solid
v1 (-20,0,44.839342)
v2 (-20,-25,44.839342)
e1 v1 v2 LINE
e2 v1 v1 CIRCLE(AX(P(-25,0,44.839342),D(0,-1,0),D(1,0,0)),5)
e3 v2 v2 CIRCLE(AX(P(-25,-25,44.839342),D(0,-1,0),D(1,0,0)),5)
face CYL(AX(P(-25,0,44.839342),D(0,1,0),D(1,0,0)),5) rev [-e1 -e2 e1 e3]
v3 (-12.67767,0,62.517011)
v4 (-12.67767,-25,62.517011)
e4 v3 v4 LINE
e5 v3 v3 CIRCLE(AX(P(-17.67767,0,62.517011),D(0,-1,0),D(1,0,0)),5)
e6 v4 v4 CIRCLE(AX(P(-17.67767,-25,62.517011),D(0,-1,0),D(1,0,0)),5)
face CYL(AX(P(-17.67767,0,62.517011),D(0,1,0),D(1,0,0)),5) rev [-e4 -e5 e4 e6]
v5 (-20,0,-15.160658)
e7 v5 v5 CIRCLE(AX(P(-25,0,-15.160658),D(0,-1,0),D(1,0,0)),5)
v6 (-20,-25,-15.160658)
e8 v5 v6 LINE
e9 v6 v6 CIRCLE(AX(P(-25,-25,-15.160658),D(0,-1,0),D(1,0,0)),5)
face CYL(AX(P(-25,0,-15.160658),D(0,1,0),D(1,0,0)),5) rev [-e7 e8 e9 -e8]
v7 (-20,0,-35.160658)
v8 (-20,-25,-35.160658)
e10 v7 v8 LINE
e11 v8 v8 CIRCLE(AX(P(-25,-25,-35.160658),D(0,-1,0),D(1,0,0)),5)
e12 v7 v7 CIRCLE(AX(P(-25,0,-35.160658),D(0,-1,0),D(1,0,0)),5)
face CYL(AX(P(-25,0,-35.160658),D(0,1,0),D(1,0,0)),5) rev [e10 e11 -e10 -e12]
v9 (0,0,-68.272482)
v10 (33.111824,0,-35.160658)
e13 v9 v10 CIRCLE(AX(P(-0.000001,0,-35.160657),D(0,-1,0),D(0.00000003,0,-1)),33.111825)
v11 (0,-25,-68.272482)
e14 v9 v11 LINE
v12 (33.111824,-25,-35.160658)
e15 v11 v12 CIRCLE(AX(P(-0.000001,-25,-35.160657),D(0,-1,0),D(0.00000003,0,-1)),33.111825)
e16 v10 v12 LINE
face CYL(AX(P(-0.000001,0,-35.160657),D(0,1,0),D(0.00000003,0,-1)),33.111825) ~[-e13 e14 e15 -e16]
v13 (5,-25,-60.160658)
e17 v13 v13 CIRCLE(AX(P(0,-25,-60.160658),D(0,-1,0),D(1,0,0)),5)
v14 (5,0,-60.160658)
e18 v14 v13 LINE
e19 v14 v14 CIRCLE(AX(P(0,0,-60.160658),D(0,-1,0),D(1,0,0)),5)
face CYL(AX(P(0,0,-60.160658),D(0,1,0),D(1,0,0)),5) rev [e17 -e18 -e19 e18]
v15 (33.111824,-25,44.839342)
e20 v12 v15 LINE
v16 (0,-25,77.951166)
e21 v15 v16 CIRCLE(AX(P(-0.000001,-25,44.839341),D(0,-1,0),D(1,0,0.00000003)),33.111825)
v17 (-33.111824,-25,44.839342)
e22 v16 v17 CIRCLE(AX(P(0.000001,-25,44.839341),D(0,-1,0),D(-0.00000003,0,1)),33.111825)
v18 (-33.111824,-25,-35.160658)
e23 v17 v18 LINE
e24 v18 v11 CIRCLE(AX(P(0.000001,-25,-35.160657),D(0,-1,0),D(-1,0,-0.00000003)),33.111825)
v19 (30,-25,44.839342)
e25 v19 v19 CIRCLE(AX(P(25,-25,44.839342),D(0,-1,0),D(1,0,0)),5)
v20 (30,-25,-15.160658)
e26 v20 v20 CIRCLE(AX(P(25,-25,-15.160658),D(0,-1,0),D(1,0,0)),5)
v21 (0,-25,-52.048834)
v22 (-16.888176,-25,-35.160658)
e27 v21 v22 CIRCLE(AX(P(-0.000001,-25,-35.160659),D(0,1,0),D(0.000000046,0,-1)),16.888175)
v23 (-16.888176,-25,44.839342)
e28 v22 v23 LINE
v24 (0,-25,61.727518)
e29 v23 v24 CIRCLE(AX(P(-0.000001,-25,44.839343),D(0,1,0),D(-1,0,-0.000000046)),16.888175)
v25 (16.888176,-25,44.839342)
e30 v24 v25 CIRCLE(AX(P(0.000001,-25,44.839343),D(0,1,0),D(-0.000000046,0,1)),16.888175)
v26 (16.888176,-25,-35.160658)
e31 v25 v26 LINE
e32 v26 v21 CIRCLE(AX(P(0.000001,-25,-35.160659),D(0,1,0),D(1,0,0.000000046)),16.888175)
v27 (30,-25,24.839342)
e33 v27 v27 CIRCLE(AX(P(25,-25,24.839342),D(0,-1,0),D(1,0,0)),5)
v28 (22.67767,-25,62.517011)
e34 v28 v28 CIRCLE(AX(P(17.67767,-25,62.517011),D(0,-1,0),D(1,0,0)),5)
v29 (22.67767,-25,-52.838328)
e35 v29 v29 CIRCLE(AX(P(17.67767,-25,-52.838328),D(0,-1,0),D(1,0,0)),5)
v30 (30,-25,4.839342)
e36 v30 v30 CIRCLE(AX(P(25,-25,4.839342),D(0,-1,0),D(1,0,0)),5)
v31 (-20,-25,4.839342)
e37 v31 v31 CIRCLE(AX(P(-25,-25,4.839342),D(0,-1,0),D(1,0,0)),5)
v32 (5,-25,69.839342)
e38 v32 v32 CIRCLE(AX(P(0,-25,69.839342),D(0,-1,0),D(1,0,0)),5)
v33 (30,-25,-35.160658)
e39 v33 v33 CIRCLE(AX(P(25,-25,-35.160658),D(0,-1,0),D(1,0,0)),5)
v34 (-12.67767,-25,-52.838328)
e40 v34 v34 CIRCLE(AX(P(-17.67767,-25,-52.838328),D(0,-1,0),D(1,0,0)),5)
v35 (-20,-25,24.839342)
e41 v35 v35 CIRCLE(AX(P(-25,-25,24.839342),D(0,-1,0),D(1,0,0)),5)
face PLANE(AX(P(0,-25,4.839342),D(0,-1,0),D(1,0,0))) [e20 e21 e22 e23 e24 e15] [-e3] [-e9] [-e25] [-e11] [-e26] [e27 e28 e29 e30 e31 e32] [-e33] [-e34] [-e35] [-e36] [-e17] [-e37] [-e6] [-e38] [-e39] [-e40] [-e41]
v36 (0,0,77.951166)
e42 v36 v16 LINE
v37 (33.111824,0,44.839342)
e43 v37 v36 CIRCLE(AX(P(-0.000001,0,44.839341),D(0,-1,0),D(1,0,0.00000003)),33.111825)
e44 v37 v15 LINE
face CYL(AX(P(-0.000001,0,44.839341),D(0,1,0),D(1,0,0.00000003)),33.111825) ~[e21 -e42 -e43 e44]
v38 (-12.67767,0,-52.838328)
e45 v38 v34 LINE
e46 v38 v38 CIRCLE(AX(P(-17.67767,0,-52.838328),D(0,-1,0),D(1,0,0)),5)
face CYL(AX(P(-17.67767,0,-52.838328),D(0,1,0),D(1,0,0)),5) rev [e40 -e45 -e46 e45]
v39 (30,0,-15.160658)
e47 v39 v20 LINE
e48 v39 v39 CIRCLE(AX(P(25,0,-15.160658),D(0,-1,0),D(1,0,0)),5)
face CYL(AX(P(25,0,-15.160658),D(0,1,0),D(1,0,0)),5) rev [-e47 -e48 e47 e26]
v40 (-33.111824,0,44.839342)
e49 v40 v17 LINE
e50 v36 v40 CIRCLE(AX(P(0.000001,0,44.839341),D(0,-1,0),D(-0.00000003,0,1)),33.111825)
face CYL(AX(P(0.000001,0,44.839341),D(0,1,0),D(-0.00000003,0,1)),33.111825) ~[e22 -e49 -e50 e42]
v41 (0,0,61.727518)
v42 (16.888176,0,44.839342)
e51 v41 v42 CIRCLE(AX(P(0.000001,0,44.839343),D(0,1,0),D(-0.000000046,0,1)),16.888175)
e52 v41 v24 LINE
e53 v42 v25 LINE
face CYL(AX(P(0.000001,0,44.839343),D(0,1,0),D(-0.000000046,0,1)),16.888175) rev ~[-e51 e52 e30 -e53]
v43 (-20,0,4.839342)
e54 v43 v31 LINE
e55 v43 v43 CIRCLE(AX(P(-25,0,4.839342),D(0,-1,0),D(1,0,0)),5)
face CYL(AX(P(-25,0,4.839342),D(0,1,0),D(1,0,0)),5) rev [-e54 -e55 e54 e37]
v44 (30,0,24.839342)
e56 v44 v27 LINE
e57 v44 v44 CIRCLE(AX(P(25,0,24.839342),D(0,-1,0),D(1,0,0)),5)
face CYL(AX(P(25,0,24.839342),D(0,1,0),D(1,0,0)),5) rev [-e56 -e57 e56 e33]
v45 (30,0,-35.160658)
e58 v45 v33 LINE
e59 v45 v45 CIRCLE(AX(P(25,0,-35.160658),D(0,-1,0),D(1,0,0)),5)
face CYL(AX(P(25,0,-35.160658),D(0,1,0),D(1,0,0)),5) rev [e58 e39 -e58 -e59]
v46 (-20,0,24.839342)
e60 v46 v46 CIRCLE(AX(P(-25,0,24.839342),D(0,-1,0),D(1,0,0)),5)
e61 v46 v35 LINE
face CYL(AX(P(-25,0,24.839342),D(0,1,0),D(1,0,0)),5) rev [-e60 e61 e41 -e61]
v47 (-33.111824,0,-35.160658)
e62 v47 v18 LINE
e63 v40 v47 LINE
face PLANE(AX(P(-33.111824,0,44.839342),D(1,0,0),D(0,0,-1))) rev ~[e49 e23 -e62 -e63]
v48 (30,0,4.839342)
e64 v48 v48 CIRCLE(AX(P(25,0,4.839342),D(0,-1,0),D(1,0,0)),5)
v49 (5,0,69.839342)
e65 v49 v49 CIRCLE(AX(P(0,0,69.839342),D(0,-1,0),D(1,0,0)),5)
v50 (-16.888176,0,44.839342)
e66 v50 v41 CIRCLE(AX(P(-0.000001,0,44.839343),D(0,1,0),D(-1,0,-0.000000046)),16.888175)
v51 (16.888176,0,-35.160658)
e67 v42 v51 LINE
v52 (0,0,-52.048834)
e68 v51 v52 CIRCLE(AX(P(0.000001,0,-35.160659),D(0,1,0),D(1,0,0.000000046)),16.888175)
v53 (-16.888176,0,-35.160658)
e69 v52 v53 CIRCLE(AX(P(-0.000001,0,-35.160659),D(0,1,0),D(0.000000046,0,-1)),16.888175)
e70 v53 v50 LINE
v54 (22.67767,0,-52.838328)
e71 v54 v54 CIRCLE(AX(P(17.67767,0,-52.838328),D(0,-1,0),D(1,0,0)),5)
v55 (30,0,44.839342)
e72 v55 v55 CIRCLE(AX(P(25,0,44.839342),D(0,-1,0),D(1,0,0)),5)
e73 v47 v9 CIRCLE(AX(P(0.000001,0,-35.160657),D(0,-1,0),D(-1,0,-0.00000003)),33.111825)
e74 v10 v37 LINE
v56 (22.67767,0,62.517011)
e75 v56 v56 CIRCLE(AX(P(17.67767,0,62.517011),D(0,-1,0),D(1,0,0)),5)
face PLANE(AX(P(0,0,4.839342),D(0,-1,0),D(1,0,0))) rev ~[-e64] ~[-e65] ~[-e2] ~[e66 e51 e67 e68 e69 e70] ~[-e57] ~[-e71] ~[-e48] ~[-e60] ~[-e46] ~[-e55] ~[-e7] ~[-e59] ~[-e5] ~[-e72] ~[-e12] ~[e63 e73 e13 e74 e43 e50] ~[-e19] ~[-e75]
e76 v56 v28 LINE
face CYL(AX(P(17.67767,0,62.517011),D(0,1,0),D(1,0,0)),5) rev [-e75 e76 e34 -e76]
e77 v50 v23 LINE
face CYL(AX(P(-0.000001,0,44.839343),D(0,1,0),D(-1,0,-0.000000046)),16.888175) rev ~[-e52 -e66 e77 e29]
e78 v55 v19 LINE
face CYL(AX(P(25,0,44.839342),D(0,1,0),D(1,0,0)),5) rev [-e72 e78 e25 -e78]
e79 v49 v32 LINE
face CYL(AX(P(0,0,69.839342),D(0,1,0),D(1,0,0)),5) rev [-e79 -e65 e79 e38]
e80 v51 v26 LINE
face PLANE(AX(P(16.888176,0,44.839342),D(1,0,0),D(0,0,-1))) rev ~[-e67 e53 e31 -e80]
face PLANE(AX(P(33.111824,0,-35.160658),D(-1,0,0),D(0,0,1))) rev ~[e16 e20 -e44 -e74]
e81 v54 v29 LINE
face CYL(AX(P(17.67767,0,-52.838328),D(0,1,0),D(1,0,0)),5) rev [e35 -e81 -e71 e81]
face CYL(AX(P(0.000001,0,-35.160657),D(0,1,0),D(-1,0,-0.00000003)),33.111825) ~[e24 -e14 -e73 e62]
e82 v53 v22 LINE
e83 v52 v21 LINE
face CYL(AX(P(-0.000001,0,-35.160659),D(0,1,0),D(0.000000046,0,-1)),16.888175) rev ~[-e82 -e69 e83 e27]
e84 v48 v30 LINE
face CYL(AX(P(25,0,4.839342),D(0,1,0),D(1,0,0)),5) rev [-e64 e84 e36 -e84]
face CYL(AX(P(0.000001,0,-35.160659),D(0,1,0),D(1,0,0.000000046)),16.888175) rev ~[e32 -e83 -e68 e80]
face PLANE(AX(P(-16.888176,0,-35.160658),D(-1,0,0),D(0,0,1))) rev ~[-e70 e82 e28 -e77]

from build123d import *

# Parameters (mm, degrees)
F0_R     = 5
F1_DEPTH = 25
F2_DEPTH = 25


with BuildPart() as f1:
    # F0 (on Front) → F1 (new body)
    with BuildSketch(Plane.XZ):
        with BuildLine():
            ThreePointArc((33.111824, 44.839342), (23.413595, 68.252937), (0, 77.951166))
            ThreePointArc((0, 77.951166), (-23.413595, 68.252937), (-33.111824, 44.839342))
            Line((-33.111824, 44.839342), (-33.111824, 4.839342))
            Line((-33.111824, 4.839342), (-33.111824, -35.160658))
            ThreePointArc((-33.111824, -35.160658), (-23.413595, -58.574253), (0, -68.272482))
            ThreePointArc((0, -68.272482), (23.413595, -58.574253), (33.111824, -35.160658))
            Line((33.111824, -35.160658), (33.111824, 4.839342))
            Line((33.111824, 4.839342), (33.111824, 44.839342))
        make_face()
        with Locations((-17.67767, -52.838328)):
            Circle(F0_R, mode=Mode.SUBTRACT)
        with Locations((-25, -35.160658)):
            Circle(F0_R, mode=Mode.SUBTRACT)
        with Locations((-25, -15.160658)):
            Circle(F0_R, mode=Mode.SUBTRACT)
        with Locations((0, -60.160658)):
            Circle(F0_R, mode=Mode.SUBTRACT)
        with Locations((17.67767, -52.838328)):
            Circle(F0_R, mode=Mode.SUBTRACT)
        with Locations((25, -35.160658)):
            Circle(F0_R, mode=Mode.SUBTRACT)
        with Locations((25, -15.160658)):
            Circle(F0_R, mode=Mode.SUBTRACT)
        with Locations((-25, 4.839342)):
            Circle(F0_R, mode=Mode.SUBTRACT)
        with Locations((-25, 24.839342)):
            Circle(F0_R, mode=Mode.SUBTRACT)
        with Locations((-25, 44.839342)):
            Circle(F0_R, mode=Mode.SUBTRACT)
        with Locations((-17.67767, 62.517011)):
            Circle(F0_R, mode=Mode.SUBTRACT)
        with BuildLine():
            ThreePointArc((-16.888176, 44.839342), (-11.941744, 56.781086), (0, 61.727518))
            ThreePointArc((0, 61.727518), (11.941744, 56.781086), (16.888176, 44.839342))
            Line((16.888176, 44.839342), (16.888176, 4.839342))
            Line((16.888176, 4.839342), (16.888176, -35.160658))
            ThreePointArc((16.888176, -35.160658), (11.941744, -47.102402), (0, -52.048834))
            ThreePointArc((0, -52.048834), (-11.941744, -47.102402), (-16.888176, -35.160658))
            Line((-16.888176, -35.160658), (-16.888176, 4.839342))
            Line((-16.888176, 4.839342), (-16.888176, 44.839342))
        make_face(mode=Mode.SUBTRACT)
        with Locations((25, 4.839342)):
            Circle(F0_R, mode=Mode.SUBTRACT)
        with Locations((25, 24.839342)):
            Circle(F0_R, mode=Mode.SUBTRACT)
        with Locations((0, 69.839342)):
            Circle(F0_R, mode=Mode.SUBTRACT)
        with Locations((25, 44.839342)):
            Circle(F0_R, mode=Mode.SUBTRACT)
        with Locations((17.67767, 62.517011)):
            Circle(F0_R, mode=Mode.SUBTRACT)
    extrude(amount=F1_DEPTH)

    # F0 (on Front) → F2 (join)
    with BuildSketch(Plane.XZ):
        with BuildLine():
            ThreePointArc((33.111824, 44.839342), (23.413595, 68.252937), (0, 77.951166))
            ThreePointArc((0, 77.951166), (-23.413595, 68.252937), (-33.111824, 44.839342))
            Line((-33.111824, 44.839342), (-33.111824, 4.839342))
            Line((-33.111824, 4.839342), (-33.111824, -35.160658))
            ThreePointArc((-33.111824, -35.160658), (-23.413595, -58.574253), (0, -68.272482))
            ThreePointArc((0, -68.272482), (23.413595, -58.574253), (33.111824, -35.160658))
            Line((33.111824, -35.160658), (33.111824, 4.839342))
            Line((33.111824, 4.839342), (33.111824, 44.839342))
        make_face()
        with Locations((-17.67767, -52.838328)):
            Circle(F0_R, mode=Mode.SUBTRACT)
        with Locations((-25, -35.160658)):
            Circle(F0_R, mode=Mode.SUBTRACT)
        with Locations((-25, -15.160658)):
            Circle(F0_R, mode=Mode.SUBTRACT)
        with Locations((0, -60.160658)):
            Circle(F0_R, mode=Mode.SUBTRACT)
        with Locations((17.67767, -52.838328)):
            Circle(F0_R, mode=Mode.SUBTRACT)
        with Locations((25, -35.160658)):
            Circle(F0_R, mode=Mode.SUBTRACT)
        with Locations((25, -15.160658)):
            Circle(F0_R, mode=Mode.SUBTRACT)
        with Locations((-25, 4.839342)):
            Circle(F0_R, mode=Mode.SUBTRACT)
        with Locations((-25, 24.839342)):
            Circle(F0_R, mode=Mode.SUBTRACT)
        with Locations((-25, 44.839342)):
            Circle(F0_R, mode=Mode.SUBTRACT)
        with Locations((-17.67767, 62.517011)):
            Circle(F0_R, mode=Mode.SUBTRACT)
        with BuildLine():
            ThreePointArc((-16.888176, 44.839342), (-11.941744, 56.781086), (0, 61.727518))
            ThreePointArc((0, 61.727518), (11.941744, 56.781086), (16.888176, 44.839342))
            Line((16.888176, 44.839342), (16.888176, 4.839342))
            Line((16.888176, 4.839342), (16.888176, -35.160658))
            ThreePointArc((16.888176, -35.160658), (11.941744, -47.102402), (0, -52.048834))
            ThreePointArc((0, -52.048834), (-11.941744, -47.102402), (-16.888176, -35.160658))
            Line((-16.888176, -35.160658), (-16.888176, 4.839342))
            Line((-16.888176, 4.839342), (-16.888176, 44.839342))
        make_face(mode=Mode.SUBTRACT)
        with Locations((25, 4.839342)):
            Circle(F0_R, mode=Mode.SUBTRACT)
        with Locations((25, 24.839342)):
            Circle(F0_R, mode=Mode.SUBTRACT)
        with Locations((0, 69.839342)):
            Circle(F0_R, mode=Mode.SUBTRACT)
        with Locations((25, 44.839342)):
            Circle(F0_R, mode=Mode.SUBTRACT)
        with Locations((17.67767, 62.517011)):
            Circle(F0_R, mode=Mode.SUBTRACT)
    extrude(amount=F2_DEPTH)


solid = f1.part
